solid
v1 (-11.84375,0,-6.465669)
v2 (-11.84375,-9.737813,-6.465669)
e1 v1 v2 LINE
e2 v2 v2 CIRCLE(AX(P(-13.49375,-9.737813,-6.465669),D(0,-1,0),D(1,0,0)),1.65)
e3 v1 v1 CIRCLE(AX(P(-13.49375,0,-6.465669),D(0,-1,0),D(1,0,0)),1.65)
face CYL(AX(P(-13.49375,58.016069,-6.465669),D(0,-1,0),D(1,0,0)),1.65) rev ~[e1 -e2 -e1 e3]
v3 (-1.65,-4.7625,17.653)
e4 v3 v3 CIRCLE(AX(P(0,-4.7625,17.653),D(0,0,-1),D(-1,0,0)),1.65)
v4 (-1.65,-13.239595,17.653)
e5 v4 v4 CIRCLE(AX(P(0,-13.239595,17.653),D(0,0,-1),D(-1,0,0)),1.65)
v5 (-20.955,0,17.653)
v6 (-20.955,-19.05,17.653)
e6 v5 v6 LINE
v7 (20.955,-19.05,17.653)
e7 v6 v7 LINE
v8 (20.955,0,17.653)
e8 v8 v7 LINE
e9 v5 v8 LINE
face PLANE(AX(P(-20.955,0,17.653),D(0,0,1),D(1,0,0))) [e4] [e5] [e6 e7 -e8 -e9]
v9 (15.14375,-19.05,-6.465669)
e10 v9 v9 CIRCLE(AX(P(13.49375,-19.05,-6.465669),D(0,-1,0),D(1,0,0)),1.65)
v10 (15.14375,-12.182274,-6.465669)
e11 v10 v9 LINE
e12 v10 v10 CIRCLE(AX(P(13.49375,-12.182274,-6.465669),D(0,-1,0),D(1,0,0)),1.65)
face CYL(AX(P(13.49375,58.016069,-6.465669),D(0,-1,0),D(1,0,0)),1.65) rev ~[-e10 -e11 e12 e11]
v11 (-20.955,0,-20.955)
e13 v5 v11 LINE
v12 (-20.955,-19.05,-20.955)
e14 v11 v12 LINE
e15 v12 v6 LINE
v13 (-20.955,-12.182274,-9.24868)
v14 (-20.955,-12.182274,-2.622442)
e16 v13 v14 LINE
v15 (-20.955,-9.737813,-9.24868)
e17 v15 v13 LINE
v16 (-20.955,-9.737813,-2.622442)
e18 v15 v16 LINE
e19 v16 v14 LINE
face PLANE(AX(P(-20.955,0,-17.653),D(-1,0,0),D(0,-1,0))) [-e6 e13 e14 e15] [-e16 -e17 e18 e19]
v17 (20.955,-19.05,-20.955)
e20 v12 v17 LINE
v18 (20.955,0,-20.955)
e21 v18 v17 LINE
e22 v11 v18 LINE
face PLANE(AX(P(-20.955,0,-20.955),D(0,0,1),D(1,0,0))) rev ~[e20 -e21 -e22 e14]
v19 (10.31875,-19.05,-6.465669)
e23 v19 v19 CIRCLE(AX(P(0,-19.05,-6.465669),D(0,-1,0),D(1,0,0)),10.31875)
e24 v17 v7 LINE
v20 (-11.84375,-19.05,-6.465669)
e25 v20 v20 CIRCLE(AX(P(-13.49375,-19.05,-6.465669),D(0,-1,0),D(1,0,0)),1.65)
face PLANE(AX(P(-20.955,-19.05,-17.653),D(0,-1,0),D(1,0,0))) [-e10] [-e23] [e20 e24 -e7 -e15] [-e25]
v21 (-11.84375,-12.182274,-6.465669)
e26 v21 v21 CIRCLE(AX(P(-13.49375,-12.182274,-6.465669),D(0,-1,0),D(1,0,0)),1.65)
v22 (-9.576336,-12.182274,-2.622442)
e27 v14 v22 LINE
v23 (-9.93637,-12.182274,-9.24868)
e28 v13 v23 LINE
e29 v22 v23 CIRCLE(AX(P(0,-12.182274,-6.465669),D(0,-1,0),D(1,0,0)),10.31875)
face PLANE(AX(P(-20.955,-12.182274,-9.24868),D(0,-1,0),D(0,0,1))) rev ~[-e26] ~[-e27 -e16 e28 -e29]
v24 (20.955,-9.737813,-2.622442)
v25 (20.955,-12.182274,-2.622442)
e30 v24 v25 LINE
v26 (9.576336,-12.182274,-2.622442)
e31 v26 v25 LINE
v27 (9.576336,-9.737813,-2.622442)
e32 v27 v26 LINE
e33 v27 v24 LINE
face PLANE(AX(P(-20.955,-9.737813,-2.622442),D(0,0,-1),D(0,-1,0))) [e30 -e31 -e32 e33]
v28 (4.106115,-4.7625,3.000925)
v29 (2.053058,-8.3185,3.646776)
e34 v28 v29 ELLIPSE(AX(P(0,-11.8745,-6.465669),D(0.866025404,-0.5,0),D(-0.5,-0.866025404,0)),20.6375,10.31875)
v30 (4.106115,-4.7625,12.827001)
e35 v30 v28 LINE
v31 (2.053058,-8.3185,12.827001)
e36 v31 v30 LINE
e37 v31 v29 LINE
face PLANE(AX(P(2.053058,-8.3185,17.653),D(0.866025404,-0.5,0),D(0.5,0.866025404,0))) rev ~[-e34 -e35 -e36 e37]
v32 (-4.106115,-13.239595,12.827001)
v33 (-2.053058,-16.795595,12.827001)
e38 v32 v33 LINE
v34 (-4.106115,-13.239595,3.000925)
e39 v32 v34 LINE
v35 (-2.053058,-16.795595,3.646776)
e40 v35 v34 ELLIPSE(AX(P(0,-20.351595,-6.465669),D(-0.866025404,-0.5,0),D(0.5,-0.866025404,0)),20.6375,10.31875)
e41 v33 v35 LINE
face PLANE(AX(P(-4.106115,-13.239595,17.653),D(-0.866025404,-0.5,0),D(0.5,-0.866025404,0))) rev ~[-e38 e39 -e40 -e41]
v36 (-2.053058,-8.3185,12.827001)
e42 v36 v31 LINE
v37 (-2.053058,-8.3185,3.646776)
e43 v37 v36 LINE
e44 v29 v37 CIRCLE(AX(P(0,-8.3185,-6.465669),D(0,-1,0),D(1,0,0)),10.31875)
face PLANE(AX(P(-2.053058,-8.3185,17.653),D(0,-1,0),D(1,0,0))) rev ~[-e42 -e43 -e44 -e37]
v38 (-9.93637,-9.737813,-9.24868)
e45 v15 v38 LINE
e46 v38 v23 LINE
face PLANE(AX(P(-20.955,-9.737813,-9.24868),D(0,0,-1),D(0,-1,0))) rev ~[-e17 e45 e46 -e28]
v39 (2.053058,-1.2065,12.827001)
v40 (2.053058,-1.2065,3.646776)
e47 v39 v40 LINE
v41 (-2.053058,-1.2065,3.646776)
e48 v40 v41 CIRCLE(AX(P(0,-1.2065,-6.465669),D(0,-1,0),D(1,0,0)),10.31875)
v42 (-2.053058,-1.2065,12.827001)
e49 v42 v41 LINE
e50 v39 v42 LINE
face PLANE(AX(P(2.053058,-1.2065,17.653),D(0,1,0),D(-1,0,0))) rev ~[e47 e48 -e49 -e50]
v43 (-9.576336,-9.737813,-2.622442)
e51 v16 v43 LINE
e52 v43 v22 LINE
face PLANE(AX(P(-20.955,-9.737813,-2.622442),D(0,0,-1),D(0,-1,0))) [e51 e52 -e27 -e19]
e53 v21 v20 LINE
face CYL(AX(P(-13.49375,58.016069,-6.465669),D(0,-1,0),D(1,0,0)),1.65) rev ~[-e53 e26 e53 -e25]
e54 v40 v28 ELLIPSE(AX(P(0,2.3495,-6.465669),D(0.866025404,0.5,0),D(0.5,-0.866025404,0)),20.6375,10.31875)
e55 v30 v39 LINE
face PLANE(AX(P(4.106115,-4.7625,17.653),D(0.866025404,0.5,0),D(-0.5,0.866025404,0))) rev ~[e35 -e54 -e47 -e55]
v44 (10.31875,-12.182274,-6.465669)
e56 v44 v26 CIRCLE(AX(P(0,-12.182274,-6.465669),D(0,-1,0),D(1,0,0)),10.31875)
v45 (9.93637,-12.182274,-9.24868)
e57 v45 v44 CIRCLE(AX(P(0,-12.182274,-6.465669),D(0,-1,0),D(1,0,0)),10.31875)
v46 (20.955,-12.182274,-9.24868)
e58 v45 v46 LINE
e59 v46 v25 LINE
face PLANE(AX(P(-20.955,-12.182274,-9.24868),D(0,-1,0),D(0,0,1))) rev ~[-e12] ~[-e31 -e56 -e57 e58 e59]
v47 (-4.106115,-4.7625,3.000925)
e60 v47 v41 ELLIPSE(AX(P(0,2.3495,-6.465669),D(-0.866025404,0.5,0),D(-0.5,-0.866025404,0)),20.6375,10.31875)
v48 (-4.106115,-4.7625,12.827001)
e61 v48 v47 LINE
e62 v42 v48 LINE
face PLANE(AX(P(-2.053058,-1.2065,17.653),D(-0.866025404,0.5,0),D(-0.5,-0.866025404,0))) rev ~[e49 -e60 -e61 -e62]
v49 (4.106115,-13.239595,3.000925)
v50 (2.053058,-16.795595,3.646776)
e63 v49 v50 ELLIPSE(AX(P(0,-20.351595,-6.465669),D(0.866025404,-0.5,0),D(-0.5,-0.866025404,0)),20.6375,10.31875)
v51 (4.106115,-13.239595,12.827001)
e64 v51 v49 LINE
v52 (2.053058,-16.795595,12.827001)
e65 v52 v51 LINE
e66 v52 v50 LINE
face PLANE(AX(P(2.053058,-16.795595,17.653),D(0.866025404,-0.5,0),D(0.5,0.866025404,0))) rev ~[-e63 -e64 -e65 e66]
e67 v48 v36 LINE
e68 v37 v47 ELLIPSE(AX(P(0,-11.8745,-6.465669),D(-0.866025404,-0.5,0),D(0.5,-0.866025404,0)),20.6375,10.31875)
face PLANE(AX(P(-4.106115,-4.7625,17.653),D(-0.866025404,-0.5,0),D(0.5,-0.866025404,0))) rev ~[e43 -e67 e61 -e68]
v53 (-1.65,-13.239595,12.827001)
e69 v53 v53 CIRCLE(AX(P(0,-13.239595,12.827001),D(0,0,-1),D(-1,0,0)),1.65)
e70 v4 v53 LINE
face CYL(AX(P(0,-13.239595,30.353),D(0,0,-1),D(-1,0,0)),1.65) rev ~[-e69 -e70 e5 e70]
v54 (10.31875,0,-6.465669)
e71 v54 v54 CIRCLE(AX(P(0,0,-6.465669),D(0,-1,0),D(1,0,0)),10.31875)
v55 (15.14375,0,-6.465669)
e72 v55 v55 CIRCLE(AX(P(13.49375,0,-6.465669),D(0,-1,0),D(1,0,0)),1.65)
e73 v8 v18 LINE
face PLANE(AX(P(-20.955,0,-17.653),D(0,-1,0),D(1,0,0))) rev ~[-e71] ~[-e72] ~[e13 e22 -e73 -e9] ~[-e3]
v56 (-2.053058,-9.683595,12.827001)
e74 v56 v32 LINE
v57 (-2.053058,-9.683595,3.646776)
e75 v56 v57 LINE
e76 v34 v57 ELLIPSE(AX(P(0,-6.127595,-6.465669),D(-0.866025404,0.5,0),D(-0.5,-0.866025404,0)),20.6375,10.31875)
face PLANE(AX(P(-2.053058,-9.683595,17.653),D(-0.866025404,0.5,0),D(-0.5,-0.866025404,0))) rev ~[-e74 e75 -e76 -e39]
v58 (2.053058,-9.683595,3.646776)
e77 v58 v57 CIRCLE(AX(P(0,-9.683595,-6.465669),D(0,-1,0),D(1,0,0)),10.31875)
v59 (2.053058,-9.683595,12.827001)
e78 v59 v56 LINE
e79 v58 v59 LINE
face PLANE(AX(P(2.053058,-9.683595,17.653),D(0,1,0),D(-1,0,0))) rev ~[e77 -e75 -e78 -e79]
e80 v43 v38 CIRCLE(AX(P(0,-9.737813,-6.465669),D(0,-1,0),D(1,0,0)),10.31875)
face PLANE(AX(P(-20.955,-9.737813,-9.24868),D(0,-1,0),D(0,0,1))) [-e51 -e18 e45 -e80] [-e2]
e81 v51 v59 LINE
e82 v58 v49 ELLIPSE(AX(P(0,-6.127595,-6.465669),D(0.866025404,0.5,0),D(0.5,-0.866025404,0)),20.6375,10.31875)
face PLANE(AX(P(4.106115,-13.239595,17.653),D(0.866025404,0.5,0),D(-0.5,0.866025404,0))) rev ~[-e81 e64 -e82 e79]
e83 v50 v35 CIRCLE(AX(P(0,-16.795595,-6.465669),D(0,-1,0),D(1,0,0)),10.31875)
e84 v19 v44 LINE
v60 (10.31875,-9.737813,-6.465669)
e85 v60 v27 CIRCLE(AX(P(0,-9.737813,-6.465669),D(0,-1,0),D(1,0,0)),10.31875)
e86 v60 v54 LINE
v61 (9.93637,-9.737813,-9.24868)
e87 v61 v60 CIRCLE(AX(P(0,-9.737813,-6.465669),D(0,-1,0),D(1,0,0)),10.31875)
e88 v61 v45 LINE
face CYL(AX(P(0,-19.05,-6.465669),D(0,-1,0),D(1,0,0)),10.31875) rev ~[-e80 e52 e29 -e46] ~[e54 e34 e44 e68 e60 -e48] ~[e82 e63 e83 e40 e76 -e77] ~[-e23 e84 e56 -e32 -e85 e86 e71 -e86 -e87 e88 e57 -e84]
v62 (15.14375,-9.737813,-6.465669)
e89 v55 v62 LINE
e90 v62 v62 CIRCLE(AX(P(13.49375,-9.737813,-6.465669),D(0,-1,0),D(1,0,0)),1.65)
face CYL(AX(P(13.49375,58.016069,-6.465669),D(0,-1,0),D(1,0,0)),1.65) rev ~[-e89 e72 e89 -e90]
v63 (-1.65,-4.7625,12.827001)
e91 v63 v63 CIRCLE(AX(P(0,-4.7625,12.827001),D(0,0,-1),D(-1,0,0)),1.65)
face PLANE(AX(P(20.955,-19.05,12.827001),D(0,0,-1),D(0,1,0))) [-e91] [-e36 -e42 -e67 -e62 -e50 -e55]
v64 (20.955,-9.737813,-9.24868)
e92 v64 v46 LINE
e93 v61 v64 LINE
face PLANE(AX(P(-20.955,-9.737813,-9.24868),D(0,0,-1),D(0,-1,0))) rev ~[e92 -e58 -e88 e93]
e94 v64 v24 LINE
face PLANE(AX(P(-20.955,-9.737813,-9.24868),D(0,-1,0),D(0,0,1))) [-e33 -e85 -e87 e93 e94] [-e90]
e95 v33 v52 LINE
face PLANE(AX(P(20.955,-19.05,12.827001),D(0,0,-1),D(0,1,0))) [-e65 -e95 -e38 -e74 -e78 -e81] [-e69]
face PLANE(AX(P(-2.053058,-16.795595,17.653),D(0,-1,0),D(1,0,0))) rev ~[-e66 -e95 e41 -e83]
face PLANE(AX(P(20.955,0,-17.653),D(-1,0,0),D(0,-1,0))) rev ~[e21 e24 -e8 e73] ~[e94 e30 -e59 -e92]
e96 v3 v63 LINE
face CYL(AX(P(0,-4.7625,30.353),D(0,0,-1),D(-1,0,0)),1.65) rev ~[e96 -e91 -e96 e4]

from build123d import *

# Parameters (mm, degrees)
F0_W      = 41.91
F0_H      = 35.306
F1_DEPTH  = 19.05
F2_R      = 10.31875
F3_DEPTH  = 19.05
F5_DEPTH  = 14.6530745281
F6_DEPTH  = 5.842
F7_W      = 19.05
F7_H      = 4.8259994193
F8_DEPTH  = 25.4
F9_D      = 3.3
F9_DEPTH  = 12.7
F9_TIP    = 0.9914200214
F11_D     = 3.3
F12_W     = 2.444460988
F12_H     = 6.6262371838
F13_DEPTH = 59.9186
F14_DEPTH = 3.302


with BuildPart() as f1:
    # F0 (on Front) → F1 (new body)
    with BuildSketch(Plane.XZ):
        Rectangle(F0_W, F0_H)
    extrude(amount=F1_DEPTH)

    # F2 (on face) → F3 (cut, through all)
    with BuildSketch(Plane.XZ.offset(19.05)):
        with Locations((0, -6.465669493)):
            Circle(F2_R)
    extrude(amount=-F3_DEPTH, mode=Mode.SUBTRACT)

    # F4 (on face) → F5 (cut, through all)
    with BuildSketch(Plane.XY.offset(17.653)):
        Polygon((2.0530575572, -9.6835951077), (0, -9.6835951077), (-2.0530575572, -9.6835951077), (-4.1061151145, -13.2395951077), (-2.0530575572, -16.7955951077), (2.0530575572, -16.7955951077), (4.1061151145, -13.2395951077), align=None)
        Polygon((-2.0530575572, -8.3185), (0, -8.3185), (2.0530575572, -8.3185), (4.1061151145, -4.7625), (2.0530575572, -1.2065), (-2.0530575572, -1.2065), (-4.1061151145, -4.7625), align=None)
    extrude(amount=-F5_DEPTH, mode=Mode.SUBTRACT)

    # F6 (add): a face of the model
    f6_faces = [f1.faces().sort_by_distance(p)[0] for p in [
        (0, -9.5895806435, 17.653),
    ]]
    extrude(f6_faces, amount=-F6_DEPTH)

    # F7 (on face) → F8 (join)
    with BuildSketch(Plane.YZ.offset(20.955)):
        with Locations((-9.525, 15.2400002904)):
            Rectangle(F7_W, F7_H)
    extrude(amount=-F8_DEPTH)

    # F9
    with Locations(Plane.XY.offset(17.653)):
        with Locations((0, -4.7625), (0, -13.2395951077)):
            Hole(F9_D / 2, depth=F9_DEPTH)
            with Locations((0, 0, -(F9_DEPTH + F9_TIP / 2))):  # 118° drill point
                Cone(0, F9_D / 2, F9_TIP, mode=Mode.SUBTRACT)

    # F11 (through all)
    with Locations(Plane(origin=(0, 0, 0), x_dir=(-1, 0, 0), z_dir=(0, 1, 0))):
        with Locations((-13.49375, -6.465669493), (13.49375, -6.465669493)):
            Hole(F11_D / 2)

    # F12 (on face) → F13 (cut)
    with BuildSketch(Plane(origin=(-20.955, 0, 0), x_dir=(0, -1, 0), z_dir=(-1, 0, 0))):
        with Locations((10.960043408, -5.9355609119)):
            Rectangle(F12_W, F12_H)
    extrude(amount=-F13_DEPTH, mode=Mode.SUBTRACT)

    # F14 (add): a face of the model
    f14_faces = [f1.faces().sort_by_distance(p)[0] for p in [
        (0, -9.525, -17.653),
    ]]
    extrude(f14_faces, amount=F14_DEPTH)


solid = f1.part
